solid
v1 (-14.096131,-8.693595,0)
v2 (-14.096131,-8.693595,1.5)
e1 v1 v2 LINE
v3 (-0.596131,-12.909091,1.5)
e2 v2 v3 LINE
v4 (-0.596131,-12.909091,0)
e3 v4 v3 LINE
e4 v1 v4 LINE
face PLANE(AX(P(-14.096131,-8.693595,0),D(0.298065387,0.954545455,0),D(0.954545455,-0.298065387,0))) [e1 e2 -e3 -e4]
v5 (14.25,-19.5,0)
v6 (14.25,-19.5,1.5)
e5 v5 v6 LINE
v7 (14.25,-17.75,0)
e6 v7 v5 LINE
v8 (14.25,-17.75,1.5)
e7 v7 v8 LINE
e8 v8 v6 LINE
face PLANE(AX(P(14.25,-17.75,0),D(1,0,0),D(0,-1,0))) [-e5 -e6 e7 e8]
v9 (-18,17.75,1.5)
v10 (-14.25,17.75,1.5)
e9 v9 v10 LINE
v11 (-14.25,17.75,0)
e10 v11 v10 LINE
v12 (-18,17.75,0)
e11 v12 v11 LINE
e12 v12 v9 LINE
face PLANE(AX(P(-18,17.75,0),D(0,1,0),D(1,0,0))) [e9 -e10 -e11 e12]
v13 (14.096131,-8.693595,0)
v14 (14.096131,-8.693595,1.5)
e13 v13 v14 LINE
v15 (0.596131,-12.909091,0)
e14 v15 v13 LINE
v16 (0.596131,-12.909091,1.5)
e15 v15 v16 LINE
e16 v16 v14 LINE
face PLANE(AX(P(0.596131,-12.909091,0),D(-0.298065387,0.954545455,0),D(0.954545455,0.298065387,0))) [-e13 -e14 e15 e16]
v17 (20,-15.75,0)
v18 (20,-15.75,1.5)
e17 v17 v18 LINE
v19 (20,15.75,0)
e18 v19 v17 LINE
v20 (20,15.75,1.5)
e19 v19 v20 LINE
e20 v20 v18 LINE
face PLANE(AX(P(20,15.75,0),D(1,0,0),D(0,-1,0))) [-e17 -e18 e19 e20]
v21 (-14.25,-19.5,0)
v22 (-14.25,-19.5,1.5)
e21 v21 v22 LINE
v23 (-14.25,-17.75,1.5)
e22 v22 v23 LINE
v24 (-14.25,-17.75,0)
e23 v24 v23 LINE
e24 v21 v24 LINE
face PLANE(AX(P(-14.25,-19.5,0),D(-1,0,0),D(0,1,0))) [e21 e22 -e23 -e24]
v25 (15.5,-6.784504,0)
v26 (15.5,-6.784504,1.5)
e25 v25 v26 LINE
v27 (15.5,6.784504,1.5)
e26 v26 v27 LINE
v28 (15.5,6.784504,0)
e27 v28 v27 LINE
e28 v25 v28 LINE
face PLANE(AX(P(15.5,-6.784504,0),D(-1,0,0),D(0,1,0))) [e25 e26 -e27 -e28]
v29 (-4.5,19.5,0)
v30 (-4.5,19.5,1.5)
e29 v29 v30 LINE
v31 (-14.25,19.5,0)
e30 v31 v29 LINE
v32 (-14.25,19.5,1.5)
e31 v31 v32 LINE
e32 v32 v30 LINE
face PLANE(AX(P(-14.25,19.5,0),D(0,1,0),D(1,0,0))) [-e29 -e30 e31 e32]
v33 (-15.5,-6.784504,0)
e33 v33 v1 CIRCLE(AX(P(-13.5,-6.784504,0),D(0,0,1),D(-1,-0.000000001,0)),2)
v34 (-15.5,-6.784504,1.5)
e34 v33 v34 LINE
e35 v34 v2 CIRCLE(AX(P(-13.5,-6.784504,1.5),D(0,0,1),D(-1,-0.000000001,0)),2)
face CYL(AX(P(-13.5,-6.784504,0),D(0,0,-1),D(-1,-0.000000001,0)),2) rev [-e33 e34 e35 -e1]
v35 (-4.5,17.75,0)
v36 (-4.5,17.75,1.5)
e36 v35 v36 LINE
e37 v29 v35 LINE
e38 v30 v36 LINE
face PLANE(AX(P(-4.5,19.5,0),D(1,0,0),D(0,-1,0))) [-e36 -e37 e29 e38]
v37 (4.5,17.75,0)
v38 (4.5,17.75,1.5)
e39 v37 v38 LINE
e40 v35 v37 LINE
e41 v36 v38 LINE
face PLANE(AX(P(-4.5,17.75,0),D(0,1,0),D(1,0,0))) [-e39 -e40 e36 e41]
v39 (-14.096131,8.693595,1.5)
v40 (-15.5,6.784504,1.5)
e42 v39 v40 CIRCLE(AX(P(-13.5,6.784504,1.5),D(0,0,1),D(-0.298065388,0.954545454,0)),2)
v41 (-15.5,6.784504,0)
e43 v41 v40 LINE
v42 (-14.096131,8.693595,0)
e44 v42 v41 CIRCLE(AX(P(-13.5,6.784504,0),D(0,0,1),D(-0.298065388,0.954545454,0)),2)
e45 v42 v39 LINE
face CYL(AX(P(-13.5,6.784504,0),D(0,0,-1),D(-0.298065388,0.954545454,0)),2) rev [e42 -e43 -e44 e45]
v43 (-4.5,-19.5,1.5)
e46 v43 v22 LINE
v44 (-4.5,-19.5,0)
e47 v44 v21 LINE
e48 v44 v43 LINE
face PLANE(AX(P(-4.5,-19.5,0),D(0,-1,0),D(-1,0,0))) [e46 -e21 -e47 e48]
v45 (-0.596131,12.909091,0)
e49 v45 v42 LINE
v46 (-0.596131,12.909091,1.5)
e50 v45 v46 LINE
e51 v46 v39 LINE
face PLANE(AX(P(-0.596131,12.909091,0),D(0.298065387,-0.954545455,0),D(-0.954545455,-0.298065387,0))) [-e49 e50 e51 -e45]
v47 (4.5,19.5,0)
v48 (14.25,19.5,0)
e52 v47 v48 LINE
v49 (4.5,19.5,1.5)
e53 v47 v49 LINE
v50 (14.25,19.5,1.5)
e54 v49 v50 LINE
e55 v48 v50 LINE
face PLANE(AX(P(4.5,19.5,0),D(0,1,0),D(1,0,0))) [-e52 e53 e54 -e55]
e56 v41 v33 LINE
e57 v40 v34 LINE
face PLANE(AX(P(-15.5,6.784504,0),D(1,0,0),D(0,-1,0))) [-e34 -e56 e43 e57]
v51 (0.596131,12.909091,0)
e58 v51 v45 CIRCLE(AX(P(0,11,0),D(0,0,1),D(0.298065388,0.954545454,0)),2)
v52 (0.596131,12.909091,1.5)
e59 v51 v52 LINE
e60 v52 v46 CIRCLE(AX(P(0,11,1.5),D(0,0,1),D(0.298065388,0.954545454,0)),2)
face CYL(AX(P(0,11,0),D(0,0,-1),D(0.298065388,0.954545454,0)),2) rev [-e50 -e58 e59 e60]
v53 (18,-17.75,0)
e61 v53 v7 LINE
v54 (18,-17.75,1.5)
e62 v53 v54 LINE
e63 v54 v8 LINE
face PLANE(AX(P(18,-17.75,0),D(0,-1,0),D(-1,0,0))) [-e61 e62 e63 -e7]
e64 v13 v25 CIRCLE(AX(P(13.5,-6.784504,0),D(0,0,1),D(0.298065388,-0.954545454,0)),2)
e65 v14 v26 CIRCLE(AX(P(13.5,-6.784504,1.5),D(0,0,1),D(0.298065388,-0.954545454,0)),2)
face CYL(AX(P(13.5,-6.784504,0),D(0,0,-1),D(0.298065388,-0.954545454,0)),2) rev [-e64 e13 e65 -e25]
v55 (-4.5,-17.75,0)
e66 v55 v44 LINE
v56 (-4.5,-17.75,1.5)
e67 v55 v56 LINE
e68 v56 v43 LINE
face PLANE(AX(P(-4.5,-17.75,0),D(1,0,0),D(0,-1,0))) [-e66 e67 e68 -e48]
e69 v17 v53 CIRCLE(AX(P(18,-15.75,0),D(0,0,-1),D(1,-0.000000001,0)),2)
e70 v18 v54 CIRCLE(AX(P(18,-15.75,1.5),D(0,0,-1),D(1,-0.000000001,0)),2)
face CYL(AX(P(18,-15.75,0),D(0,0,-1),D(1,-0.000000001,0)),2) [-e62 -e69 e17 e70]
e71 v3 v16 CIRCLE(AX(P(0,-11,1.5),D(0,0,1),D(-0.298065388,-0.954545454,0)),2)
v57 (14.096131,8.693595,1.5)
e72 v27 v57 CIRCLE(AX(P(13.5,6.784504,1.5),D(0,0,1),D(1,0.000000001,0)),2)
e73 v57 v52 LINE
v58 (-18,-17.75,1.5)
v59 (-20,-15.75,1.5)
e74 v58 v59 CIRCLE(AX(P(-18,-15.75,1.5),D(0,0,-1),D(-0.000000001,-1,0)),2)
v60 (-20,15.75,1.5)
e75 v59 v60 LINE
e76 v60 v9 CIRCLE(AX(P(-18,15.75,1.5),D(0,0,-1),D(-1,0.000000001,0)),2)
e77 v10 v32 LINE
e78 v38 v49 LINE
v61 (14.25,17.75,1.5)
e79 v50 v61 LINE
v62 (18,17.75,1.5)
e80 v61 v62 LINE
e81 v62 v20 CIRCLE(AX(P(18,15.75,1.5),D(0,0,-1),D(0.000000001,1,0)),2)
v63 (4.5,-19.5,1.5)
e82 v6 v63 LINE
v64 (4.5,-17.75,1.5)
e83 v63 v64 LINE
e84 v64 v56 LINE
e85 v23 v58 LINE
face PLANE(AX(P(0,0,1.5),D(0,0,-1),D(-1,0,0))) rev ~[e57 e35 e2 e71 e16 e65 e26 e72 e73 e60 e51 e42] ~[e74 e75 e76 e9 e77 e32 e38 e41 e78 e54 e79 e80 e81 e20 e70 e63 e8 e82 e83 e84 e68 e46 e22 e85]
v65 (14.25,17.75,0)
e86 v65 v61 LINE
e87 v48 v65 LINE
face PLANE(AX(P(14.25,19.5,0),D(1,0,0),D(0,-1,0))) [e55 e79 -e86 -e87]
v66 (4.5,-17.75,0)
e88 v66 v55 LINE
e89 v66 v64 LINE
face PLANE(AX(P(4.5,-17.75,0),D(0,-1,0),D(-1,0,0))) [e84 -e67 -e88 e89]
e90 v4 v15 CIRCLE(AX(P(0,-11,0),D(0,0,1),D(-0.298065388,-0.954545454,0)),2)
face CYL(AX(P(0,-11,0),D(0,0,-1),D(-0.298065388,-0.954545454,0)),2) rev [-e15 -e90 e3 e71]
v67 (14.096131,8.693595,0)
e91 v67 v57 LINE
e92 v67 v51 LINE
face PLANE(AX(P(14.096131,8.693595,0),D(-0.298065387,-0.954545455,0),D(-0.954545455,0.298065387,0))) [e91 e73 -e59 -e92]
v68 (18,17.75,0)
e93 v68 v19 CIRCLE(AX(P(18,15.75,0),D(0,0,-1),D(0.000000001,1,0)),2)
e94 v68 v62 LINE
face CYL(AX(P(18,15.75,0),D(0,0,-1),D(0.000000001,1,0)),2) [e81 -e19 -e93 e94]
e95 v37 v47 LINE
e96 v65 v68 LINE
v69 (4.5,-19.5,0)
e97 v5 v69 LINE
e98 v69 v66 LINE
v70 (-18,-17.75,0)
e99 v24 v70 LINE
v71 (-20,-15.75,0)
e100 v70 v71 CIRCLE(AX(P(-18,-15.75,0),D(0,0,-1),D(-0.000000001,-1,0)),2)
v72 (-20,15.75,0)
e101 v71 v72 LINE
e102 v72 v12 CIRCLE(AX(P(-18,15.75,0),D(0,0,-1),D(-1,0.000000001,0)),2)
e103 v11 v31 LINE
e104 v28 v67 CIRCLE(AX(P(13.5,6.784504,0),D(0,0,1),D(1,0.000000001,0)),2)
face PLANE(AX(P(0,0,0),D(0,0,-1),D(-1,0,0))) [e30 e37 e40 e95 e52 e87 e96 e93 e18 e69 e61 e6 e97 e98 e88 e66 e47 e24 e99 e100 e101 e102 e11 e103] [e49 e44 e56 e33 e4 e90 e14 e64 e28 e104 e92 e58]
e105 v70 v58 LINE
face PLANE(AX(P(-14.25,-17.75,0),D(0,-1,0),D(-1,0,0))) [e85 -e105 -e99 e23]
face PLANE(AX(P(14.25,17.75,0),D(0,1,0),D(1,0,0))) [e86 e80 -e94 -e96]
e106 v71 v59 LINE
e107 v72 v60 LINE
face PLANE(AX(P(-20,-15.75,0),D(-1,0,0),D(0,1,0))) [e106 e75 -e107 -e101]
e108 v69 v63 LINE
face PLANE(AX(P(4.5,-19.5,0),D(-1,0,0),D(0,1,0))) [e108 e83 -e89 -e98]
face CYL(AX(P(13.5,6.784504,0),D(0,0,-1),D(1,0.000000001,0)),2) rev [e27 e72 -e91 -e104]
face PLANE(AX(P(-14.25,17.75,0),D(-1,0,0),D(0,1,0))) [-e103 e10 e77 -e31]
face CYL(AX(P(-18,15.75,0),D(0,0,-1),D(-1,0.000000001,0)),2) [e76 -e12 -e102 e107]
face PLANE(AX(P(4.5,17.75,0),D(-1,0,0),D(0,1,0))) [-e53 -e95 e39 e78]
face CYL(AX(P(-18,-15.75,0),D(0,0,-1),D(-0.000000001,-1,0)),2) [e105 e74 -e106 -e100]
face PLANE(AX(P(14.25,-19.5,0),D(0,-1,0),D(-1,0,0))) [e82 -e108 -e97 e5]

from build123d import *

# Parameters (mm, degrees)
SALIENTE_EXTRUIR1_DEPTH = 1.5


with BuildPart() as part:
    # Croquis1 → Saliente-Extruir1 (new body)
    with BuildSketch(Plane(origin=(0, 0, 0), x_dir=(-1, 0, 0), z_dir=(0, 0, -1))):
        with BuildLine():
            Line((18, 17.75), (14.25, 17.75))
            Line((14.25, 17.75), (14.25, 19.5))
            Line((14.25, 19.5), (4.5, 19.5))
            Line((4.5, 19.5), (4.5, 17.75))
            Line((4.5, 17.75), (-4.5, 17.75))
            Line((-4.5, 17.75), (-4.5, 19.5))
            Line((-4.5, 19.5), (-14.25, 19.5))
            Line((-14.25, 19.5), (-14.25, 17.75))
            Line((-14.25, 17.75), (-18, 17.75))
            ThreePointArc((-18, 17.75), (-19.414213562, 17.164213562), (-20, 15.75))
            Line((-20, 15.75), (-20, -15.75))
            ThreePointArc((-20, -15.75), (-19.414213562, -17.164213562), (-18, -17.75))
            Line((-18, -17.75), (-14.25, -17.75))
            Line((-14.25, -17.75), (-14.25, -19.5))
            Line((-14.25, -19.5), (-4.5, -19.5))
            Line((-4.5, -19.5), (-4.5, -17.75))
            Line((-4.5, -17.75), (4.5, -17.75))
            Line((4.5, -17.75), (4.5, -19.5))
            Line((4.5, -19.5), (14.25, -19.5))
            Line((14.25, -19.5), (14.25, -17.75))
            Line((14.25, -17.75), (18, -17.75))
            ThreePointArc((18, -17.75), (19.414213562, -17.164213562), (20, -15.75))
            Line((20, -15.75), (20, 15.75))
            ThreePointArc((20, 15.75), (19.414213562, 17.164213562), (18, 17.75))
        make_face()
        with BuildLine():
            Line((-0.596130775, -12.909090909), (-14.096130775, -8.693594715))
            ThreePointArc((-14.096130775, -8.693594715), (-15.111251307, -7.96935368), (-15.5, -6.784503806))
            Line((-15.5, -6.784503806), (-15.5, 6.784503806))
            ThreePointArc((-15.5, 6.784503806), (-15.111251307, 7.96935368), (-14.096130775, 8.693594715))
            Line((-14.096130775, 8.693594715), (-0.596130775, 12.909090909))
            ThreePointArc((-0.596130775, 12.909090909), (0, 13), (0.596130775, 12.909090909))
            Line((0.596130775, 12.909090909), (14.096130775, 8.693594715))
            ThreePointArc((14.096130775, 8.693594715), (15.111251307, 7.96935368), (15.5, 6.784503806))
            Line((15.5, 6.784503806), (15.5, -6.784503806))
            ThreePointArc((15.5, -6.784503806), (15.111251307, -7.96935368), (14.096130775, -8.693594715))
            Line((14.096130775, -8.693594715), (0.596130775, -12.909090909))
            ThreePointArc((0.596130775, -12.909090909), (0, -13), (-0.596130775, -12.909090909))
        make_face(mode=Mode.SUBTRACT)
    extrude(amount=-SALIENTE_EXTRUIR1_DEPTH)


solid = part.part
